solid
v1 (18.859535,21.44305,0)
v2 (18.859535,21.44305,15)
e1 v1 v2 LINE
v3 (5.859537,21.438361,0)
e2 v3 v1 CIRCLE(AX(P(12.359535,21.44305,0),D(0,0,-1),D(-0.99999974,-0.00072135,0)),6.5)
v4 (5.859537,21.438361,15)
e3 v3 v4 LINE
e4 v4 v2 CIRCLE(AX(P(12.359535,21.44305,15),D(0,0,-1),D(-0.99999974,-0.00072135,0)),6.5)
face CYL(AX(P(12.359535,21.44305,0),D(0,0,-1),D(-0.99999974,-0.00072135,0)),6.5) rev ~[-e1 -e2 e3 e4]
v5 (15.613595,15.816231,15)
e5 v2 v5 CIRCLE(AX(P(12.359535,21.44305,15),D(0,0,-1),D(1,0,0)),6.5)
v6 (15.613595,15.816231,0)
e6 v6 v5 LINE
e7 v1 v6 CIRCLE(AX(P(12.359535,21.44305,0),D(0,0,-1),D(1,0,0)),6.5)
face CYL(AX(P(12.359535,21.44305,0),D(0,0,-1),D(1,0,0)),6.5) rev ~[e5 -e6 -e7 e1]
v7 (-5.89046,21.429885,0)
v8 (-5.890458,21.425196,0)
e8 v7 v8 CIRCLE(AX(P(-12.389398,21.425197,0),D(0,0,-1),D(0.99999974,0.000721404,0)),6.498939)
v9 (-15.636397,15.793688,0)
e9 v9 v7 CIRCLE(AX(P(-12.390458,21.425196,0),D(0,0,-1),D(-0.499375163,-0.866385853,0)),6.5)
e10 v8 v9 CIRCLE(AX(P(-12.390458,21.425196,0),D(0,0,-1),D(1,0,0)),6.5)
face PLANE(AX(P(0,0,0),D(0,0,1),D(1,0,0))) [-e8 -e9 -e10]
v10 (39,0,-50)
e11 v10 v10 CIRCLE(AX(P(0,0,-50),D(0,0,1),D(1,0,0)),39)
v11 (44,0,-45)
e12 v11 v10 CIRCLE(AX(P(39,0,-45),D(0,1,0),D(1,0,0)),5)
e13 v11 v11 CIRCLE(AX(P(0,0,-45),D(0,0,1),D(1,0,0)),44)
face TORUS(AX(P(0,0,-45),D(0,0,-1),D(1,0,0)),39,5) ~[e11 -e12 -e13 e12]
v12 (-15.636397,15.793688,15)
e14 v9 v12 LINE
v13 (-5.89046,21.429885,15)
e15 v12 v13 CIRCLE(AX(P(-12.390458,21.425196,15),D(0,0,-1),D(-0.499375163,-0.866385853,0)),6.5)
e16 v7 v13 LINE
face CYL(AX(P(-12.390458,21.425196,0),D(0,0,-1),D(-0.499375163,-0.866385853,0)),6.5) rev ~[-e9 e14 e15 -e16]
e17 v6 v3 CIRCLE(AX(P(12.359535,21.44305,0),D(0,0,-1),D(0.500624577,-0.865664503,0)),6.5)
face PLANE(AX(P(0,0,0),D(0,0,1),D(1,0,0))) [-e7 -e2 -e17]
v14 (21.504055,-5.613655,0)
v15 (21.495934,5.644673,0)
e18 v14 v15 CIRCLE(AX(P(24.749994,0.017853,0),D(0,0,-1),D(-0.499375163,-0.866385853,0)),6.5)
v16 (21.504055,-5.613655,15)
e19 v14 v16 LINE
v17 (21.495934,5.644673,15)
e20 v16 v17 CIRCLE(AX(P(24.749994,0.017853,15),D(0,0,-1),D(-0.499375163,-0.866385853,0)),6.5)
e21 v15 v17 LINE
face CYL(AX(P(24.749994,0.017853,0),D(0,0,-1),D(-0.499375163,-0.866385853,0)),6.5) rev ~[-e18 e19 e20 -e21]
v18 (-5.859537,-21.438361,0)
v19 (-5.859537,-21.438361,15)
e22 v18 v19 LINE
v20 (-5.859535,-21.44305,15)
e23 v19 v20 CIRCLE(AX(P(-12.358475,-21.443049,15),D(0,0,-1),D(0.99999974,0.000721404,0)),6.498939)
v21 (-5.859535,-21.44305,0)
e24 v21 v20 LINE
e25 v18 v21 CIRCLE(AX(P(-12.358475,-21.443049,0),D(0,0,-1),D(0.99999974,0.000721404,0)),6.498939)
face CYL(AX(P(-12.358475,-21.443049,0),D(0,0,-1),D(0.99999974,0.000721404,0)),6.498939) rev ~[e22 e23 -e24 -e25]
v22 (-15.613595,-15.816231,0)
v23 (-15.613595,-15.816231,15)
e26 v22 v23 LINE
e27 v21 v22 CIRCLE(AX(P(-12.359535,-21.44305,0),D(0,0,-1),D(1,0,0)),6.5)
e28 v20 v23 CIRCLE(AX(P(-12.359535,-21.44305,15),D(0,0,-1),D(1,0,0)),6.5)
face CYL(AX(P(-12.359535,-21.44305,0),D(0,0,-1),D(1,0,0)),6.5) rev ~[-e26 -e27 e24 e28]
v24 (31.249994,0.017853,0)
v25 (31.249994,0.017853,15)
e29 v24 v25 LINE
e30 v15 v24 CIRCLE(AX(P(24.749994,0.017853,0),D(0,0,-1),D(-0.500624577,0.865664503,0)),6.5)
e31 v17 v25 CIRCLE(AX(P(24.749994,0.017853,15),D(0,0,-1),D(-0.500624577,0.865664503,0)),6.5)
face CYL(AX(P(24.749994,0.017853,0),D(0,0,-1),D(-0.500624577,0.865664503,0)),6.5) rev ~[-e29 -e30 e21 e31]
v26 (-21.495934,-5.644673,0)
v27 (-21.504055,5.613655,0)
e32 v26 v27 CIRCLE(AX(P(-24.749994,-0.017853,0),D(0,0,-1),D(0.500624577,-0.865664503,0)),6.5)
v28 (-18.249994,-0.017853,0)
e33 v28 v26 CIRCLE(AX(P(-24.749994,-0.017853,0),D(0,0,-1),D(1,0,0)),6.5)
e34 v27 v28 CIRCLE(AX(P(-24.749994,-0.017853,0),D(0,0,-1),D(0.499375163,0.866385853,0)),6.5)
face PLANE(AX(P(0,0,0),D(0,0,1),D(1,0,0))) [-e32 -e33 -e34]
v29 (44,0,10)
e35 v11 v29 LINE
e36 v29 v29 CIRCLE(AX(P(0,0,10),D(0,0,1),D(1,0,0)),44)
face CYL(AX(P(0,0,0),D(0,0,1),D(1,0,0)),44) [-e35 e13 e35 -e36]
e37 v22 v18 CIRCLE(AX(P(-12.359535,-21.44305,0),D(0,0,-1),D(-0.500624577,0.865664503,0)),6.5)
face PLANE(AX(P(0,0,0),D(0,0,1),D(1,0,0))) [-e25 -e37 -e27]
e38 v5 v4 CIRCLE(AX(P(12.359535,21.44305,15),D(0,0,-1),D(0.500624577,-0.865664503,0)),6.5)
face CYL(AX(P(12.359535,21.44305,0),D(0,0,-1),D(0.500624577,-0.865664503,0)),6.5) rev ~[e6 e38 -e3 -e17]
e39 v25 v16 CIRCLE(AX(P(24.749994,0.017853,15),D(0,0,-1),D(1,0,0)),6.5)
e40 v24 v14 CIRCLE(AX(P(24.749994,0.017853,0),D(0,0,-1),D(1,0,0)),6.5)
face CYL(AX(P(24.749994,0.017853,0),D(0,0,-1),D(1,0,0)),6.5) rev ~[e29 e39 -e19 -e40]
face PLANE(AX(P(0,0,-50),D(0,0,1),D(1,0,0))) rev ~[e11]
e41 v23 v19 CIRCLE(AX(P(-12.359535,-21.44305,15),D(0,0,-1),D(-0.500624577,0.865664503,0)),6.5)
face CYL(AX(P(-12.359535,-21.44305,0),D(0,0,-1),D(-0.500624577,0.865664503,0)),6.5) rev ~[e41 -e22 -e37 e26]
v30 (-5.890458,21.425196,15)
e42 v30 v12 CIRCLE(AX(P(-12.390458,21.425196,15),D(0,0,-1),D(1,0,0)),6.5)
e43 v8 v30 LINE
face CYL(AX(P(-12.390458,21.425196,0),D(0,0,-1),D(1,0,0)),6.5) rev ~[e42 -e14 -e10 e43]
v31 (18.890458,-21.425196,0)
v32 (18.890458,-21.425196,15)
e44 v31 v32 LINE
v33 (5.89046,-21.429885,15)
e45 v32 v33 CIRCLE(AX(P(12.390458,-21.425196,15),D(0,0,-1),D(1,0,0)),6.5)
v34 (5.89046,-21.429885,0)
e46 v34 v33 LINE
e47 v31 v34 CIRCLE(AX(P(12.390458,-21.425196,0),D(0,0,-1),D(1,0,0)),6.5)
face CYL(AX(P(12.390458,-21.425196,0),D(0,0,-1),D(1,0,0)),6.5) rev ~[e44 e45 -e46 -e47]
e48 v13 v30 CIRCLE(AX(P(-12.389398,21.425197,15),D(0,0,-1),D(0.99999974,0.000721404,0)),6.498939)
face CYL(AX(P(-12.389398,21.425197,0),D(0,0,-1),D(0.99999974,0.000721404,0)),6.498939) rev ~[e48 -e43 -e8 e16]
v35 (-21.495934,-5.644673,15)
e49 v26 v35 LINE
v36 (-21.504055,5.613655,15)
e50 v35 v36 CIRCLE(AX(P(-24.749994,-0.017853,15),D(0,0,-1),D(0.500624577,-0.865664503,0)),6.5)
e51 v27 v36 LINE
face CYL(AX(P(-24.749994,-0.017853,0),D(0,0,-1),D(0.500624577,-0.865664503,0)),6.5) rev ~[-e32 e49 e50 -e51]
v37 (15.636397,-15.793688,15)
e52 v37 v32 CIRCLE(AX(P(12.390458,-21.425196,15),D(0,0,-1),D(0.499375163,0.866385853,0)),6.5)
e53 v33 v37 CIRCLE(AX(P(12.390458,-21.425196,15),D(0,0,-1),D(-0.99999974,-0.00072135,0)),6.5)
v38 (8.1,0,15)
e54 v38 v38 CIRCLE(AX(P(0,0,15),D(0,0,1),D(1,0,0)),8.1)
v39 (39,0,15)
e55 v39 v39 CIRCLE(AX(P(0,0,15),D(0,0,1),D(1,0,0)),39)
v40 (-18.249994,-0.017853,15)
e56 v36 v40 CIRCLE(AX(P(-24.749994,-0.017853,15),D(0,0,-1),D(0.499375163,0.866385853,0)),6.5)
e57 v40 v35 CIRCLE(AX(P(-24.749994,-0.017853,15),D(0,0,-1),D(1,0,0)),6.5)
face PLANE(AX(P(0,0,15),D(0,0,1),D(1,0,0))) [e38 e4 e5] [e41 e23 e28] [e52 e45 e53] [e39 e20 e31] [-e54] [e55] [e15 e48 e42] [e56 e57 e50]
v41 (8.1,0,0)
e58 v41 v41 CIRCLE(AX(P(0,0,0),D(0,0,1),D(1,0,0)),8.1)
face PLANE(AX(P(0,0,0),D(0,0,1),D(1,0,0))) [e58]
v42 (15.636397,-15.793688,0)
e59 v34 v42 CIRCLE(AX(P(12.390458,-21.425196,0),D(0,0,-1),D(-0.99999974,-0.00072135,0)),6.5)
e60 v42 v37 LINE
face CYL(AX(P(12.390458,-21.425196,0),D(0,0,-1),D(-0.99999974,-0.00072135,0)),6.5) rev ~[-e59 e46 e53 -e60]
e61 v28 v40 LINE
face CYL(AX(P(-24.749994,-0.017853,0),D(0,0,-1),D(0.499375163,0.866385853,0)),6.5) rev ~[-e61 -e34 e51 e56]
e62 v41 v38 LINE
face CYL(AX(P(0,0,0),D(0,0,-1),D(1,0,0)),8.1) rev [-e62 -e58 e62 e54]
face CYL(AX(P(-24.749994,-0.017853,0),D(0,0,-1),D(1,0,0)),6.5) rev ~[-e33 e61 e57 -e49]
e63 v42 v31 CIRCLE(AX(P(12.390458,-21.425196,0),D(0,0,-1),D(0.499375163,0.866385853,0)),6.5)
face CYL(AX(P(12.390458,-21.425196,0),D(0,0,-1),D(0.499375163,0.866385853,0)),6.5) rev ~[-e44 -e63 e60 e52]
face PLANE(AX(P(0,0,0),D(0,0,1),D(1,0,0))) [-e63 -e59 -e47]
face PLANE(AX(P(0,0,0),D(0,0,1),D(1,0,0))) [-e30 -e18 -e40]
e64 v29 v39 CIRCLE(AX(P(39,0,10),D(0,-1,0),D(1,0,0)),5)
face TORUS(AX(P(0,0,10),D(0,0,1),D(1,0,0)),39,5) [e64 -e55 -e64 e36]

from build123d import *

# Parameters (mm, degrees)
F0_R     = 44
F0_R_2   = 8.1
F1_DEPTH = 15
F2_DEPTH = 50
F3_R     = 5


with BuildPart() as f1:
    # F0 (on Top) → F1 (new body)
    with BuildSketch(Plane.XY):
        Circle(F0_R)
        with BuildLine():
            ThreePointArc((31.2499935607, 0.017853412), (28.0020236485, -5.6101391527), (21.5040550044, -5.6136546355))
            Line((21.5040550044, -5.6136546355), (15.636396845, -15.7936884136))
            ThreePointArc((15.636396845, -15.7936884136), (18.0184508533, -18.1731663733), (18.8904582887, -21.4251964611))
            ThreePointArc((18.8904582887, -21.4251964611), (12.3928026762, -27.9251960383), (5.8904599798, -21.429885236))
            Line((5.8904599798, -21.429885236), (-5.8595369632, -21.4383610982))
            ThreePointArc((-5.8595369632, -21.4383610982), (-5.8595356948, -21.4407054855), (-5.8595352721, -21.4430498731))
            ThreePointArc((-5.8595352721, -21.4430498731), (-15.6075047615, -27.0733868253), (-15.6135950246, -15.8162306005))
            Line((-15.6135950246, -15.8162306005), (-21.4959338081, -5.6446726846))
            ThreePointArc((-21.4959338081, -5.6446726846), (-31.2499918696, -0.0225421868), (-21.5040550044, 5.6136546355))
            Line((-21.5040550044, 5.6136546355), (-15.636396845, 15.7936884136))
            ThreePointArc((-15.636396845, 15.7936884136), (-15.6445180412, 27.0520157337), (-5.8904599798, 21.429885236))
            Line((-5.8904599798, 21.429885236), (5.8595369632, 21.4383610982))
            ThreePointArc((5.8595369632, 21.4383610982), (12.3571908845, 27.9430494503), (18.8595352721, 21.4430498731))
            ThreePointArc((18.8595352721, 21.4430498731), (17.9898722243, 18.1950803837), (15.6135950246, 15.8162306005))
            Line((15.6135950246, 15.8162306005), (21.4959338081, 5.6446726846))
            ThreePointArc((21.4959338081, 5.6446726846), (27.9979630501, 5.6481903642), (31.2499935607, 0.017853412))
        make_face(mode=Mode.SUBTRACT)
        with BuildLine():
            Line((15.636396845, -15.7936884136), (21.5040550044, -5.6136546355))
            ThreePointArc((21.5040550044, -5.6136546355), (18.2499952518, 0.0131646371), (21.4959338081, 5.6446726846))
            Line((21.4959338081, 5.6446726846), (15.6135950246, 15.8162306005))
            ThreePointArc((15.6135950246, 15.8162306005), (9.1135967158, 15.8115418256), (5.8595369632, 21.4383610982))
            Line((5.8595369632, 21.4383610982), (-5.8904599798, 21.429885236))
            ThreePointArc((-5.8904599798, 21.429885236), (-5.8904587114, 21.4275408487), (-5.8904582887, 21.4251964611))
            ThreePointArc((-5.8904582887, 21.4251964611), (-9.1384282009, 15.7972038964), (-15.636396845, 15.7936884136))
            Line((-15.636396845, 15.7936884136), (-21.5040550044, 5.6136546355))
            ThreePointArc((-21.5040550044, 5.6136546355), (-19.1220009961, 3.2341766758), (-18.2499935607, -0.017853412))
            ThreePointArc((-18.2499935607, -0.017853412), (-19.1196566085, -3.2658229014), (-21.4959338081, -5.6446726846))
            Line((-21.4959338081, -5.6446726846), (-15.6135950246, -15.8162306005))
            ThreePointArc((-15.6135950246, -15.8162306005), (-9.1135967158, -15.8115418256), (-5.8595369632, -21.4383610982))
            Line((-5.8595369632, -21.4383610982), (5.8904599798, -21.429885236))
            ThreePointArc((5.8904599798, -21.429885236), (9.1363985361, -15.7983771885), (15.636396845, -15.7936884136))
        make_face()
        Circle(F0_R_2, mode=Mode.SUBTRACT)
    extrude(amount=F1_DEPTH)

    # F0 (on Top) → F2 (join)
    with BuildSketch(Plane.XY):
        Circle(F0_R)
        with BuildLine():
            ThreePointArc((31.2499935607, 0.017853412), (28.0020236485, -5.6101391527), (21.5040550044, -5.6136546355))
            Line((21.5040550044, -5.6136546355), (15.636396845, -15.7936884136))
            ThreePointArc((15.636396845, -15.7936884136), (18.0184508533, -18.1731663733), (18.8904582887, -21.4251964611))
            ThreePointArc((18.8904582887, -21.4251964611), (12.3928026762, -27.9251960383), (5.8904599798, -21.429885236))
            Line((5.8904599798, -21.429885236), (-5.8595369632, -21.4383610982))
            ThreePointArc((-5.8595369632, -21.4383610982), (-5.8595356948, -21.4407054855), (-5.8595352721, -21.4430498731))
            ThreePointArc((-5.8595352721, -21.4430498731), (-15.6075047615, -27.0733868253), (-15.6135950246, -15.8162306005))
            Line((-15.6135950246, -15.8162306005), (-21.4959338081, -5.6446726846))
            ThreePointArc((-21.4959338081, -5.6446726846), (-31.2499918696, -0.0225421868), (-21.5040550044, 5.6136546355))
            Line((-21.5040550044, 5.6136546355), (-15.636396845, 15.7936884136))
            ThreePointArc((-15.636396845, 15.7936884136), (-15.6445180412, 27.0520157337), (-5.8904599798, 21.429885236))
            Line((-5.8904599798, 21.429885236), (5.8595369632, 21.4383610982))
            ThreePointArc((5.8595369632, 21.4383610982), (12.3571908845, 27.9430494503), (18.8595352721, 21.4430498731))
            ThreePointArc((18.8595352721, 21.4430498731), (17.9898722243, 18.1950803837), (15.6135950246, 15.8162306005))
            Line((15.6135950246, 15.8162306005), (21.4959338081, 5.6446726846))
            ThreePointArc((21.4959338081, 5.6446726846), (27.9979630501, 5.6481903642), (31.2499935607, 0.017853412))
        make_face(mode=Mode.SUBTRACT)
        with BuildLine():
            Line((15.636396845, -15.7936884136), (21.5040550044, -5.6136546355))
            ThreePointArc((21.5040550044, -5.6136546355), (18.2499952518, 0.0131646371), (21.4959338081, 5.6446726846))
            Line((21.4959338081, 5.6446726846), (15.6135950246, 15.8162306005))
            ThreePointArc((15.6135950246, 15.8162306005), (9.1135967158, 15.8115418256), (5.8595369632, 21.4383610982))
            Line((5.8595369632, 21.4383610982), (-5.8904599798, 21.429885236))
            ThreePointArc((-5.8904599798, 21.429885236), (-5.8904587114, 21.4275408487), (-5.8904582887, 21.4251964611))
            ThreePointArc((-5.8904582887, 21.4251964611), (-9.1384282009, 15.7972038964), (-15.636396845, 15.7936884136))
            Line((-15.636396845, 15.7936884136), (-21.5040550044, 5.6136546355))
            ThreePointArc((-21.5040550044, 5.6136546355), (-19.1220009961, 3.2341766758), (-18.2499935607, -0.017853412))
            ThreePointArc((-18.2499935607, -0.017853412), (-19.1196566085, -3.2658229014), (-21.4959338081, -5.6446726846))
            Line((-21.4959338081, -5.6446726846), (-15.6135950246, -15.8162306005))
            ThreePointArc((-15.6135950246, -15.8162306005), (-9.1135967158, -15.8115418256), (-5.8595369632, -21.4383610982))
            Line((-5.8595369632, -21.4383610982), (5.8904599798, -21.429885236))
            ThreePointArc((5.8904599798, -21.429885236), (9.1363985361, -15.7983771885), (15.636396845, -15.7936884136))
        make_face()
        Circle(F0_R_2, mode=Mode.SUBTRACT)
        Circle(F0_R_2)
        with BuildLine():
            ThreePointArc((-5.8595352721, -21.4430498731), (-5.8595356948, -21.4407054855), (-5.8595369632, -21.4383610982))
            Line((-5.8595369632, -21.4383610982), (-12.3595352721, -21.4430498731))
            Line((-12.3595352721, -21.4430498731), (-15.6135950246, -15.8162306005))
            ThreePointArc((-15.6135950246, -15.8162306005), (-15.6075047615, -27.0733868253), (-5.8595352721, -21.4430498731))
        make_face()
        with BuildLine():
            ThreePointArc((-21.5040550044, 5.6136546355), (-31.2499918696, -0.0225421868), (-21.4959338081, -5.6446726846))
            Line((-21.4959338081, -5.6446726846), (-24.7499935607, -0.017853412))
            Line((-24.7499935607, -0.017853412), (-21.5040550044, 5.6136546355))
        make_face()
        with BuildLine():
            ThreePointArc((18.8904582887, -21.4251964611), (18.0184508533, -18.1731663733), (15.636396845, -15.7936884136))
            Line((15.636396845, -15.7936884136), (12.3904582887, -21.4251964611))
            Line((12.3904582887, -21.4251964611), (5.8904599798, -21.429885236))
            ThreePointArc((5.8904599798, -21.429885236), (12.3928026762, -27.9251960383), (18.8904582887, -21.4251964611))
        make_face()
        with BuildLine():
            Line((21.4959338081, 5.6446726846), (24.7499935607, 0.017853412))
            Line((24.7499935607, 0.017853412), (21.5040550044, -5.6136546355))
            ThreePointArc((21.5040550044, -5.6136546355), (28.0020236485, -5.6101391527), (31.2499935607, 0.017853412))
            ThreePointArc((31.2499935607, 0.017853412), (27.9979630501, 5.6481903642), (21.4959338081, 5.6446726846))
        make_face()
        with BuildLine():
            Line((12.3595352721, 21.4430498731), (15.6135950246, 15.8162306005))
            ThreePointArc((15.6135950246, 15.8162306005), (17.9898722243, 18.1950803837), (18.8595352721, 21.4430498731))
            ThreePointArc((18.8595352721, 21.4430498731), (12.3571908845, 27.9430494503), (5.8595369632, 21.4383610982))
            Line((5.8595369632, 21.4383610982), (12.3595352721, 21.4430498731))
        make_face()
        with BuildLine():
            Line((-12.3904582887, 21.4251964611), (-5.8904599798, 21.429885236))
            ThreePointArc((-5.8904599798, 21.429885236), (-15.6445180412, 27.0520157337), (-15.636396845, 15.7936884136))
            Line((-15.636396845, 15.7936884136), (-12.3904582887, 21.4251964611))
        make_face()
        with BuildLine():
            Line((-12.3595352721, -21.4430498731), (-5.8595369632, -21.4383610982))
            ThreePointArc((-5.8595369632, -21.4383610982), (-9.1135967158, -15.8115418256), (-15.6135950246, -15.8162306005))
            Line((-15.6135950246, -15.8162306005), (-12.3595352721, -21.4430498731))
        make_face()
        with BuildLine():
            Line((-24.7499935607, -0.017853412), (-21.4959338081, -5.6446726846))
            ThreePointArc((-21.4959338081, -5.6446726846), (-19.1196566085, -3.2658229014), (-18.2499935607, -0.017853412))
            ThreePointArc((-18.2499935607, -0.017853412), (-19.1220009961, 3.2341766758), (-21.5040550044, 5.6136546355))
            Line((-21.5040550044, 5.6136546355), (-24.7499935607, -0.017853412))
        make_face()
        with BuildLine():
            Line((12.3904582887, -21.4251964611), (15.636396845, -15.7936884136))
            ThreePointArc((15.636396845, -15.7936884136), (9.1363985361, -15.7983771885), (5.8904599798, -21.429885236))
            Line((5.8904599798, -21.429885236), (12.3904582887, -21.4251964611))
        make_face()
        with BuildLine():
            Line((21.5040550044, -5.6136546355), (24.7499935607, 0.017853412))
            Line((24.7499935607, 0.017853412), (21.4959338081, 5.6446726846))
            ThreePointArc((21.4959338081, 5.6446726846), (18.2499952518, 0.0131646371), (21.5040550044, -5.6136546355))
        make_face()
        with BuildLine():
            ThreePointArc((-5.8904582887, 21.4251964611), (-5.8904587114, 21.4275408487), (-5.8904599798, 21.429885236))
            Line((-5.8904599798, 21.429885236), (-12.3904582887, 21.4251964611))
            Line((-12.3904582887, 21.4251964611), (-15.636396845, 15.7936884136))
            ThreePointArc((-15.636396845, 15.7936884136), (-9.1384282009, 15.7972038964), (-5.8904582887, 21.4251964611))
        make_face()
        with BuildLine():
            ThreePointArc((5.8595369632, 21.4383610982), (9.1135967158, 15.8115418256), (15.6135950246, 15.8162306005))
            Line((15.6135950246, 15.8162306005), (12.3595352721, 21.4430498731))
            Line((12.3595352721, 21.4430498731), (5.8595369632, 21.4383610982))
        make_face()
    extrude(amount=-F2_DEPTH)

    # F3
    f3_edges = [f1.edges().sort_by_distance(p)[0] for p in [
        (-44, 0, 15),
        (-44, 0, -50),
    ]]
    fillet(f3_edges, radius=F3_R)


solid = f1.part
